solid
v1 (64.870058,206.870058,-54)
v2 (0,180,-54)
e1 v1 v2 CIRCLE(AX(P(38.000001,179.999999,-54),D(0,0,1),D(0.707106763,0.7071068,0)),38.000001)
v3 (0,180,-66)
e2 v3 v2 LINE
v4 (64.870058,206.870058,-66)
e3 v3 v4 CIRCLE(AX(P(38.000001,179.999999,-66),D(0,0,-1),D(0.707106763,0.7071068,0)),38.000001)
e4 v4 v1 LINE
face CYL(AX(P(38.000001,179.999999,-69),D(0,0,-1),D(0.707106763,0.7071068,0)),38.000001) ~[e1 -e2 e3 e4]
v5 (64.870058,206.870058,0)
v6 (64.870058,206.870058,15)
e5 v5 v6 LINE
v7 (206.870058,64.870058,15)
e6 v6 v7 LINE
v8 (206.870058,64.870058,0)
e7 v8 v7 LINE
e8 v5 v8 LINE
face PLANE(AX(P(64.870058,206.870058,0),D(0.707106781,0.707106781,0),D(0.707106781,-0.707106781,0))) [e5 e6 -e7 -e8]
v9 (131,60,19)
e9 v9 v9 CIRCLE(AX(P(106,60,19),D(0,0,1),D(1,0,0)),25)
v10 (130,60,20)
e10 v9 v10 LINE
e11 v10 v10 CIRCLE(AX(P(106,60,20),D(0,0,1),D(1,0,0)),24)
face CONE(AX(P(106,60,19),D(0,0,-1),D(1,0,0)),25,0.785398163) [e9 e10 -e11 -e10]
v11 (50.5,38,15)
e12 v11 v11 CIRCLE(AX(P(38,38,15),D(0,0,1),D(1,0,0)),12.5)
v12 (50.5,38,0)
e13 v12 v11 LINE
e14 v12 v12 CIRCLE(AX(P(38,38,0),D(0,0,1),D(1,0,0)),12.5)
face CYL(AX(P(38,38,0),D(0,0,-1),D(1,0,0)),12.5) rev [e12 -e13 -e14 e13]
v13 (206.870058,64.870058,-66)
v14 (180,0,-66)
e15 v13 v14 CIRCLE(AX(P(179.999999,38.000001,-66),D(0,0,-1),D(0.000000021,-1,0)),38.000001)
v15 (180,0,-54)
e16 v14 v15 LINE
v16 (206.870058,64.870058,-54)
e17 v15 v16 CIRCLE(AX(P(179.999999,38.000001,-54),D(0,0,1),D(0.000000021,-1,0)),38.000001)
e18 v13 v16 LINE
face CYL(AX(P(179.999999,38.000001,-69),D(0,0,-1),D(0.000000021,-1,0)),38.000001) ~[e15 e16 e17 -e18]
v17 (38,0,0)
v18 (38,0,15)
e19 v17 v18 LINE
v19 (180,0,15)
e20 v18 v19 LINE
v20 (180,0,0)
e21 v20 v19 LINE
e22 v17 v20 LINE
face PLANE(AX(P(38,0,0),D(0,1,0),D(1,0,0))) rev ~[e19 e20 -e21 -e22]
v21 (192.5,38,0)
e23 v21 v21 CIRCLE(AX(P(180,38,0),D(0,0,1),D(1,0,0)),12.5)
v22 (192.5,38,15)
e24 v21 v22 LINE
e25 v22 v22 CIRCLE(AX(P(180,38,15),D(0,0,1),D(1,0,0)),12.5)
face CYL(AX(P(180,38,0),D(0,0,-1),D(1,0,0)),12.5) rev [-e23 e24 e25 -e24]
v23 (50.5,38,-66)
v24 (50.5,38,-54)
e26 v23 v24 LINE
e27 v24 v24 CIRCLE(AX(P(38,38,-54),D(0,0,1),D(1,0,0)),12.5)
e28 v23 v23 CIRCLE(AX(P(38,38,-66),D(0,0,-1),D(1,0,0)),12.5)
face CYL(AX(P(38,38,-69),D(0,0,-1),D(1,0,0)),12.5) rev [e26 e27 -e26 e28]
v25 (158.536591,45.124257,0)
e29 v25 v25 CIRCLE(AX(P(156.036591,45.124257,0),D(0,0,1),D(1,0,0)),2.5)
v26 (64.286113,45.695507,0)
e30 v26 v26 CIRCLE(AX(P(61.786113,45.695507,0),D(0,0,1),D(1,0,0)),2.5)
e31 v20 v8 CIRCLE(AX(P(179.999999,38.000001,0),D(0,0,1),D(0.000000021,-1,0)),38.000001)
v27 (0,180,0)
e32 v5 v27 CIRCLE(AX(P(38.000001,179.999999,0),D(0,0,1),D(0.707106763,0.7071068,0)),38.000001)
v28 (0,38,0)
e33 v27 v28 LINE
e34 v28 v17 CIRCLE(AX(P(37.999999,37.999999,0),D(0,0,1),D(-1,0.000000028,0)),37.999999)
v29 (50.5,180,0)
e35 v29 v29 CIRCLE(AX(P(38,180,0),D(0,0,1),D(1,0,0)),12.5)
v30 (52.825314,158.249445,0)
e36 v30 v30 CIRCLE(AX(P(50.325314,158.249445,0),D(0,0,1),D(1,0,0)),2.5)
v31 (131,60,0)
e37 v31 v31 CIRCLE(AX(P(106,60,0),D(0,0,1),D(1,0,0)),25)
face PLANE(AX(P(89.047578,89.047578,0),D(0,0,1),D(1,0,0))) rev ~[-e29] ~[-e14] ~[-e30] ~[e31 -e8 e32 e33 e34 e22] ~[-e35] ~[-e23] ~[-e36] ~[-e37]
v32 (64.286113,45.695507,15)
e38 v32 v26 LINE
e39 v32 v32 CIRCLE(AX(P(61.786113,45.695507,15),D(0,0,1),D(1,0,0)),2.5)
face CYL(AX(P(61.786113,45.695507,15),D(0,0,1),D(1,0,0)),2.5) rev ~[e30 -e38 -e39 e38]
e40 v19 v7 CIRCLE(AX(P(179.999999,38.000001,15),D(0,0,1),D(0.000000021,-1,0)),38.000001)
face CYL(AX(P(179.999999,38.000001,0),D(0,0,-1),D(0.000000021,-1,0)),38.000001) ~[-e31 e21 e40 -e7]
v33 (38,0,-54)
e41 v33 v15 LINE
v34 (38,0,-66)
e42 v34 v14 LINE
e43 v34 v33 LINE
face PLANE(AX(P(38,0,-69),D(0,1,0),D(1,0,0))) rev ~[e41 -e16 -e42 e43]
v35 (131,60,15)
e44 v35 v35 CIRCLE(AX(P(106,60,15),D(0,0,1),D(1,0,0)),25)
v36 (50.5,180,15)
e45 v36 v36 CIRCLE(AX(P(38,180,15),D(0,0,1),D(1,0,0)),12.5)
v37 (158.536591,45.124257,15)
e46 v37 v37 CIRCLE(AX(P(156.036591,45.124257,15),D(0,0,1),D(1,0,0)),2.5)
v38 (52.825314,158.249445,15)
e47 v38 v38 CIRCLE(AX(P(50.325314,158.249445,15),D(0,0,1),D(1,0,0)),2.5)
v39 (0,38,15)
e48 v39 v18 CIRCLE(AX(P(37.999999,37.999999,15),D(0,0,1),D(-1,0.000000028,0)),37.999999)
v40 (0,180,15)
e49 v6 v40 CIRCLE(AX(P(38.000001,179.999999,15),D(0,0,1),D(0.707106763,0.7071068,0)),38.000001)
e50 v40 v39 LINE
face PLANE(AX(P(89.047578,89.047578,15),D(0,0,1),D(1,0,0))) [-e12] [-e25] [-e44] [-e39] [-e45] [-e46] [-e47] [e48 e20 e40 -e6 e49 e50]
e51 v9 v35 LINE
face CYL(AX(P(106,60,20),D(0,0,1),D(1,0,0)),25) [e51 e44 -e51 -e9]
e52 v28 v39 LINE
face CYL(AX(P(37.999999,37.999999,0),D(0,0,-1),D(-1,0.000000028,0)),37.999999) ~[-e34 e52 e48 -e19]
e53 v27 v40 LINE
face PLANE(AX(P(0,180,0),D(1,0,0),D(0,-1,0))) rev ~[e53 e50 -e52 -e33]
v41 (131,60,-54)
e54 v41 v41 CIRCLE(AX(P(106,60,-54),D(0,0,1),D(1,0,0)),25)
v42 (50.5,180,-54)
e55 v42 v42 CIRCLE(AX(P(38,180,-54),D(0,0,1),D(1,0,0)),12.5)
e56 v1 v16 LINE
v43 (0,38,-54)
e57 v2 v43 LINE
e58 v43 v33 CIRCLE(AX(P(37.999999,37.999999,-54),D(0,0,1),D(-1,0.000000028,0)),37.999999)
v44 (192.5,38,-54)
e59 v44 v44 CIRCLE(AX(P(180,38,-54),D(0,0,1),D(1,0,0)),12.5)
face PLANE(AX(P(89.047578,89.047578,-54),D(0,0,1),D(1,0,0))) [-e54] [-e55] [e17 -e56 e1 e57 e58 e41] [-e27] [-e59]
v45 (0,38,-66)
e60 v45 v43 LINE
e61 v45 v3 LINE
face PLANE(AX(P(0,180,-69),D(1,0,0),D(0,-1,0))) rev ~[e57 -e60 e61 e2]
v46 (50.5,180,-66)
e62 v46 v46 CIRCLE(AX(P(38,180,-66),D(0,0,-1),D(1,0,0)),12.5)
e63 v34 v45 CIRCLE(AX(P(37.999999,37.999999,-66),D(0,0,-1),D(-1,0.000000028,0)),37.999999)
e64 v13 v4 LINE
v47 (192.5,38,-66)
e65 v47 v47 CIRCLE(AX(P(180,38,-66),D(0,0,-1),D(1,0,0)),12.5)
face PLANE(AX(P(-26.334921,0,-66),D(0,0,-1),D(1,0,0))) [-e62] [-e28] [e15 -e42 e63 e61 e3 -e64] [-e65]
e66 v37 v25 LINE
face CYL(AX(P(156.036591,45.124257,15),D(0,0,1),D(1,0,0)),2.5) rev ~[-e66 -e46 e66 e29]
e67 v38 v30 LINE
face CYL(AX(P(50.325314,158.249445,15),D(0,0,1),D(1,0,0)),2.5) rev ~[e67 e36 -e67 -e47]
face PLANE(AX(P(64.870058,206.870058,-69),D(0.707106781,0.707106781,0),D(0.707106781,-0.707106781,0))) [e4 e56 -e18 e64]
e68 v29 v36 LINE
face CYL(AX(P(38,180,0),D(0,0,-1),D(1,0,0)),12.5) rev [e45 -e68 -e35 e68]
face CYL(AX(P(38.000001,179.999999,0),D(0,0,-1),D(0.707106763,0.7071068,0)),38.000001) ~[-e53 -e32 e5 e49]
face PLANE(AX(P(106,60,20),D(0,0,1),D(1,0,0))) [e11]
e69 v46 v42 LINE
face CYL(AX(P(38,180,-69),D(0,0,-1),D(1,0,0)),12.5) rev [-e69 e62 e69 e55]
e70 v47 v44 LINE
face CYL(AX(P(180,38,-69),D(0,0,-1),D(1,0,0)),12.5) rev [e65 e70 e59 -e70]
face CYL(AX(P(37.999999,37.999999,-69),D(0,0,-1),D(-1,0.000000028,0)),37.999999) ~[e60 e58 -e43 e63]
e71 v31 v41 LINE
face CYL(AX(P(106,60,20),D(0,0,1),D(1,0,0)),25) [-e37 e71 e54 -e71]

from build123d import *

# Parameters (mm, degrees)
SKETCH006_R         = 12.5
PAD001_DEPTH        = 15
SKETCH007_R         = 25
PAD002_DEPTH        = 74
LINEARPATTERN_COUNT = 2
LINEARPATTERN_PITCH = 69
SKETCH008_W         = 252.12847
SKETCH008_H         = 13.500198
POCKET002_DEPTH     = 218.001
SKETCH009_R         = 2.5
HOLE001_DEPTH       = 16
CHAMFER001_SIZE     = 1


with BuildPart() as part:
    # Sketch006 → Pad001 (new body)
    with BuildSketch(Plane.XY):
        with BuildLine():
            ThreePointArc((0, 38), (11.129942, 11.129942), (38, 0))
            Line((38, 0), (180, 0))
            ThreePointArc((180, 0), (215.107422, 23.45803), (206.870058, 64.870058))
            Line((64.870058, 206.870058), (206.870058, 64.870058))
            ThreePointArc((64.870058, 206.870058), (23.45803, 215.107422), (0, 180))
            Line((0, 180), (0, 38))
        make_face()
        with Locations((38, 180)):
            Circle(SKETCH006_R, mode=Mode.SUBTRACT)
        with Locations((180, 38)):
            Circle(SKETCH006_R, mode=Mode.SUBTRACT)
        with Locations((38, 38)):
            Circle(SKETCH006_R, mode=Mode.SUBTRACT)
    pad001 = extrude(amount=PAD001_DEPTH)

    # Sketch007 (on DatumPlane) → Pad002 (join)
    with BuildSketch(Plane.XY.offset(20)):
        with Locations((106, 60)):
            Circle(SKETCH007_R)
    extrude(amount=-PAD002_DEPTH)

    # LinearPattern: Pad001 ×2
    with Locations(*[(0, 0, -i * LINEARPATTERN_PITCH) for i in range(1, LINEARPATTERN_COUNT)]):
        add(pad001)

    # Sketch008 (on DatumPlane) → Pocket002 (cut, through all)
    with BuildSketch(Plane.XZ):
        with Locations((99.729314, -72.750099)):
            Rectangle(SKETCH008_W, SKETCH008_H)
    extrude(amount=-POCKET002_DEPTH, mode=Mode.SUBTRACT)

    # Sketch009 (on Face23 of LinearPattern) → Hole001 (cut)
    with BuildSketch(Plane.XY.offset(15)):
        with Locations((50.325314, 158.249445)):
            Circle(SKETCH009_R)
        with Locations((61.786113, 45.695507)):
            Circle(SKETCH009_R)
        with Locations((156.036591, 45.124257)):
            Circle(SKETCH009_R)
    extrude(amount=-HOLE001_DEPTH, mode=Mode.SUBTRACT)

    # Chamfer001
    chamfer001_edges = [part.edges().sort_by_distance(p)[0] for p in [
        (81, 60, 20),
    ]]
    chamfer(chamfer001_edges, length=CHAMFER001_SIZE)


solid = part.part
